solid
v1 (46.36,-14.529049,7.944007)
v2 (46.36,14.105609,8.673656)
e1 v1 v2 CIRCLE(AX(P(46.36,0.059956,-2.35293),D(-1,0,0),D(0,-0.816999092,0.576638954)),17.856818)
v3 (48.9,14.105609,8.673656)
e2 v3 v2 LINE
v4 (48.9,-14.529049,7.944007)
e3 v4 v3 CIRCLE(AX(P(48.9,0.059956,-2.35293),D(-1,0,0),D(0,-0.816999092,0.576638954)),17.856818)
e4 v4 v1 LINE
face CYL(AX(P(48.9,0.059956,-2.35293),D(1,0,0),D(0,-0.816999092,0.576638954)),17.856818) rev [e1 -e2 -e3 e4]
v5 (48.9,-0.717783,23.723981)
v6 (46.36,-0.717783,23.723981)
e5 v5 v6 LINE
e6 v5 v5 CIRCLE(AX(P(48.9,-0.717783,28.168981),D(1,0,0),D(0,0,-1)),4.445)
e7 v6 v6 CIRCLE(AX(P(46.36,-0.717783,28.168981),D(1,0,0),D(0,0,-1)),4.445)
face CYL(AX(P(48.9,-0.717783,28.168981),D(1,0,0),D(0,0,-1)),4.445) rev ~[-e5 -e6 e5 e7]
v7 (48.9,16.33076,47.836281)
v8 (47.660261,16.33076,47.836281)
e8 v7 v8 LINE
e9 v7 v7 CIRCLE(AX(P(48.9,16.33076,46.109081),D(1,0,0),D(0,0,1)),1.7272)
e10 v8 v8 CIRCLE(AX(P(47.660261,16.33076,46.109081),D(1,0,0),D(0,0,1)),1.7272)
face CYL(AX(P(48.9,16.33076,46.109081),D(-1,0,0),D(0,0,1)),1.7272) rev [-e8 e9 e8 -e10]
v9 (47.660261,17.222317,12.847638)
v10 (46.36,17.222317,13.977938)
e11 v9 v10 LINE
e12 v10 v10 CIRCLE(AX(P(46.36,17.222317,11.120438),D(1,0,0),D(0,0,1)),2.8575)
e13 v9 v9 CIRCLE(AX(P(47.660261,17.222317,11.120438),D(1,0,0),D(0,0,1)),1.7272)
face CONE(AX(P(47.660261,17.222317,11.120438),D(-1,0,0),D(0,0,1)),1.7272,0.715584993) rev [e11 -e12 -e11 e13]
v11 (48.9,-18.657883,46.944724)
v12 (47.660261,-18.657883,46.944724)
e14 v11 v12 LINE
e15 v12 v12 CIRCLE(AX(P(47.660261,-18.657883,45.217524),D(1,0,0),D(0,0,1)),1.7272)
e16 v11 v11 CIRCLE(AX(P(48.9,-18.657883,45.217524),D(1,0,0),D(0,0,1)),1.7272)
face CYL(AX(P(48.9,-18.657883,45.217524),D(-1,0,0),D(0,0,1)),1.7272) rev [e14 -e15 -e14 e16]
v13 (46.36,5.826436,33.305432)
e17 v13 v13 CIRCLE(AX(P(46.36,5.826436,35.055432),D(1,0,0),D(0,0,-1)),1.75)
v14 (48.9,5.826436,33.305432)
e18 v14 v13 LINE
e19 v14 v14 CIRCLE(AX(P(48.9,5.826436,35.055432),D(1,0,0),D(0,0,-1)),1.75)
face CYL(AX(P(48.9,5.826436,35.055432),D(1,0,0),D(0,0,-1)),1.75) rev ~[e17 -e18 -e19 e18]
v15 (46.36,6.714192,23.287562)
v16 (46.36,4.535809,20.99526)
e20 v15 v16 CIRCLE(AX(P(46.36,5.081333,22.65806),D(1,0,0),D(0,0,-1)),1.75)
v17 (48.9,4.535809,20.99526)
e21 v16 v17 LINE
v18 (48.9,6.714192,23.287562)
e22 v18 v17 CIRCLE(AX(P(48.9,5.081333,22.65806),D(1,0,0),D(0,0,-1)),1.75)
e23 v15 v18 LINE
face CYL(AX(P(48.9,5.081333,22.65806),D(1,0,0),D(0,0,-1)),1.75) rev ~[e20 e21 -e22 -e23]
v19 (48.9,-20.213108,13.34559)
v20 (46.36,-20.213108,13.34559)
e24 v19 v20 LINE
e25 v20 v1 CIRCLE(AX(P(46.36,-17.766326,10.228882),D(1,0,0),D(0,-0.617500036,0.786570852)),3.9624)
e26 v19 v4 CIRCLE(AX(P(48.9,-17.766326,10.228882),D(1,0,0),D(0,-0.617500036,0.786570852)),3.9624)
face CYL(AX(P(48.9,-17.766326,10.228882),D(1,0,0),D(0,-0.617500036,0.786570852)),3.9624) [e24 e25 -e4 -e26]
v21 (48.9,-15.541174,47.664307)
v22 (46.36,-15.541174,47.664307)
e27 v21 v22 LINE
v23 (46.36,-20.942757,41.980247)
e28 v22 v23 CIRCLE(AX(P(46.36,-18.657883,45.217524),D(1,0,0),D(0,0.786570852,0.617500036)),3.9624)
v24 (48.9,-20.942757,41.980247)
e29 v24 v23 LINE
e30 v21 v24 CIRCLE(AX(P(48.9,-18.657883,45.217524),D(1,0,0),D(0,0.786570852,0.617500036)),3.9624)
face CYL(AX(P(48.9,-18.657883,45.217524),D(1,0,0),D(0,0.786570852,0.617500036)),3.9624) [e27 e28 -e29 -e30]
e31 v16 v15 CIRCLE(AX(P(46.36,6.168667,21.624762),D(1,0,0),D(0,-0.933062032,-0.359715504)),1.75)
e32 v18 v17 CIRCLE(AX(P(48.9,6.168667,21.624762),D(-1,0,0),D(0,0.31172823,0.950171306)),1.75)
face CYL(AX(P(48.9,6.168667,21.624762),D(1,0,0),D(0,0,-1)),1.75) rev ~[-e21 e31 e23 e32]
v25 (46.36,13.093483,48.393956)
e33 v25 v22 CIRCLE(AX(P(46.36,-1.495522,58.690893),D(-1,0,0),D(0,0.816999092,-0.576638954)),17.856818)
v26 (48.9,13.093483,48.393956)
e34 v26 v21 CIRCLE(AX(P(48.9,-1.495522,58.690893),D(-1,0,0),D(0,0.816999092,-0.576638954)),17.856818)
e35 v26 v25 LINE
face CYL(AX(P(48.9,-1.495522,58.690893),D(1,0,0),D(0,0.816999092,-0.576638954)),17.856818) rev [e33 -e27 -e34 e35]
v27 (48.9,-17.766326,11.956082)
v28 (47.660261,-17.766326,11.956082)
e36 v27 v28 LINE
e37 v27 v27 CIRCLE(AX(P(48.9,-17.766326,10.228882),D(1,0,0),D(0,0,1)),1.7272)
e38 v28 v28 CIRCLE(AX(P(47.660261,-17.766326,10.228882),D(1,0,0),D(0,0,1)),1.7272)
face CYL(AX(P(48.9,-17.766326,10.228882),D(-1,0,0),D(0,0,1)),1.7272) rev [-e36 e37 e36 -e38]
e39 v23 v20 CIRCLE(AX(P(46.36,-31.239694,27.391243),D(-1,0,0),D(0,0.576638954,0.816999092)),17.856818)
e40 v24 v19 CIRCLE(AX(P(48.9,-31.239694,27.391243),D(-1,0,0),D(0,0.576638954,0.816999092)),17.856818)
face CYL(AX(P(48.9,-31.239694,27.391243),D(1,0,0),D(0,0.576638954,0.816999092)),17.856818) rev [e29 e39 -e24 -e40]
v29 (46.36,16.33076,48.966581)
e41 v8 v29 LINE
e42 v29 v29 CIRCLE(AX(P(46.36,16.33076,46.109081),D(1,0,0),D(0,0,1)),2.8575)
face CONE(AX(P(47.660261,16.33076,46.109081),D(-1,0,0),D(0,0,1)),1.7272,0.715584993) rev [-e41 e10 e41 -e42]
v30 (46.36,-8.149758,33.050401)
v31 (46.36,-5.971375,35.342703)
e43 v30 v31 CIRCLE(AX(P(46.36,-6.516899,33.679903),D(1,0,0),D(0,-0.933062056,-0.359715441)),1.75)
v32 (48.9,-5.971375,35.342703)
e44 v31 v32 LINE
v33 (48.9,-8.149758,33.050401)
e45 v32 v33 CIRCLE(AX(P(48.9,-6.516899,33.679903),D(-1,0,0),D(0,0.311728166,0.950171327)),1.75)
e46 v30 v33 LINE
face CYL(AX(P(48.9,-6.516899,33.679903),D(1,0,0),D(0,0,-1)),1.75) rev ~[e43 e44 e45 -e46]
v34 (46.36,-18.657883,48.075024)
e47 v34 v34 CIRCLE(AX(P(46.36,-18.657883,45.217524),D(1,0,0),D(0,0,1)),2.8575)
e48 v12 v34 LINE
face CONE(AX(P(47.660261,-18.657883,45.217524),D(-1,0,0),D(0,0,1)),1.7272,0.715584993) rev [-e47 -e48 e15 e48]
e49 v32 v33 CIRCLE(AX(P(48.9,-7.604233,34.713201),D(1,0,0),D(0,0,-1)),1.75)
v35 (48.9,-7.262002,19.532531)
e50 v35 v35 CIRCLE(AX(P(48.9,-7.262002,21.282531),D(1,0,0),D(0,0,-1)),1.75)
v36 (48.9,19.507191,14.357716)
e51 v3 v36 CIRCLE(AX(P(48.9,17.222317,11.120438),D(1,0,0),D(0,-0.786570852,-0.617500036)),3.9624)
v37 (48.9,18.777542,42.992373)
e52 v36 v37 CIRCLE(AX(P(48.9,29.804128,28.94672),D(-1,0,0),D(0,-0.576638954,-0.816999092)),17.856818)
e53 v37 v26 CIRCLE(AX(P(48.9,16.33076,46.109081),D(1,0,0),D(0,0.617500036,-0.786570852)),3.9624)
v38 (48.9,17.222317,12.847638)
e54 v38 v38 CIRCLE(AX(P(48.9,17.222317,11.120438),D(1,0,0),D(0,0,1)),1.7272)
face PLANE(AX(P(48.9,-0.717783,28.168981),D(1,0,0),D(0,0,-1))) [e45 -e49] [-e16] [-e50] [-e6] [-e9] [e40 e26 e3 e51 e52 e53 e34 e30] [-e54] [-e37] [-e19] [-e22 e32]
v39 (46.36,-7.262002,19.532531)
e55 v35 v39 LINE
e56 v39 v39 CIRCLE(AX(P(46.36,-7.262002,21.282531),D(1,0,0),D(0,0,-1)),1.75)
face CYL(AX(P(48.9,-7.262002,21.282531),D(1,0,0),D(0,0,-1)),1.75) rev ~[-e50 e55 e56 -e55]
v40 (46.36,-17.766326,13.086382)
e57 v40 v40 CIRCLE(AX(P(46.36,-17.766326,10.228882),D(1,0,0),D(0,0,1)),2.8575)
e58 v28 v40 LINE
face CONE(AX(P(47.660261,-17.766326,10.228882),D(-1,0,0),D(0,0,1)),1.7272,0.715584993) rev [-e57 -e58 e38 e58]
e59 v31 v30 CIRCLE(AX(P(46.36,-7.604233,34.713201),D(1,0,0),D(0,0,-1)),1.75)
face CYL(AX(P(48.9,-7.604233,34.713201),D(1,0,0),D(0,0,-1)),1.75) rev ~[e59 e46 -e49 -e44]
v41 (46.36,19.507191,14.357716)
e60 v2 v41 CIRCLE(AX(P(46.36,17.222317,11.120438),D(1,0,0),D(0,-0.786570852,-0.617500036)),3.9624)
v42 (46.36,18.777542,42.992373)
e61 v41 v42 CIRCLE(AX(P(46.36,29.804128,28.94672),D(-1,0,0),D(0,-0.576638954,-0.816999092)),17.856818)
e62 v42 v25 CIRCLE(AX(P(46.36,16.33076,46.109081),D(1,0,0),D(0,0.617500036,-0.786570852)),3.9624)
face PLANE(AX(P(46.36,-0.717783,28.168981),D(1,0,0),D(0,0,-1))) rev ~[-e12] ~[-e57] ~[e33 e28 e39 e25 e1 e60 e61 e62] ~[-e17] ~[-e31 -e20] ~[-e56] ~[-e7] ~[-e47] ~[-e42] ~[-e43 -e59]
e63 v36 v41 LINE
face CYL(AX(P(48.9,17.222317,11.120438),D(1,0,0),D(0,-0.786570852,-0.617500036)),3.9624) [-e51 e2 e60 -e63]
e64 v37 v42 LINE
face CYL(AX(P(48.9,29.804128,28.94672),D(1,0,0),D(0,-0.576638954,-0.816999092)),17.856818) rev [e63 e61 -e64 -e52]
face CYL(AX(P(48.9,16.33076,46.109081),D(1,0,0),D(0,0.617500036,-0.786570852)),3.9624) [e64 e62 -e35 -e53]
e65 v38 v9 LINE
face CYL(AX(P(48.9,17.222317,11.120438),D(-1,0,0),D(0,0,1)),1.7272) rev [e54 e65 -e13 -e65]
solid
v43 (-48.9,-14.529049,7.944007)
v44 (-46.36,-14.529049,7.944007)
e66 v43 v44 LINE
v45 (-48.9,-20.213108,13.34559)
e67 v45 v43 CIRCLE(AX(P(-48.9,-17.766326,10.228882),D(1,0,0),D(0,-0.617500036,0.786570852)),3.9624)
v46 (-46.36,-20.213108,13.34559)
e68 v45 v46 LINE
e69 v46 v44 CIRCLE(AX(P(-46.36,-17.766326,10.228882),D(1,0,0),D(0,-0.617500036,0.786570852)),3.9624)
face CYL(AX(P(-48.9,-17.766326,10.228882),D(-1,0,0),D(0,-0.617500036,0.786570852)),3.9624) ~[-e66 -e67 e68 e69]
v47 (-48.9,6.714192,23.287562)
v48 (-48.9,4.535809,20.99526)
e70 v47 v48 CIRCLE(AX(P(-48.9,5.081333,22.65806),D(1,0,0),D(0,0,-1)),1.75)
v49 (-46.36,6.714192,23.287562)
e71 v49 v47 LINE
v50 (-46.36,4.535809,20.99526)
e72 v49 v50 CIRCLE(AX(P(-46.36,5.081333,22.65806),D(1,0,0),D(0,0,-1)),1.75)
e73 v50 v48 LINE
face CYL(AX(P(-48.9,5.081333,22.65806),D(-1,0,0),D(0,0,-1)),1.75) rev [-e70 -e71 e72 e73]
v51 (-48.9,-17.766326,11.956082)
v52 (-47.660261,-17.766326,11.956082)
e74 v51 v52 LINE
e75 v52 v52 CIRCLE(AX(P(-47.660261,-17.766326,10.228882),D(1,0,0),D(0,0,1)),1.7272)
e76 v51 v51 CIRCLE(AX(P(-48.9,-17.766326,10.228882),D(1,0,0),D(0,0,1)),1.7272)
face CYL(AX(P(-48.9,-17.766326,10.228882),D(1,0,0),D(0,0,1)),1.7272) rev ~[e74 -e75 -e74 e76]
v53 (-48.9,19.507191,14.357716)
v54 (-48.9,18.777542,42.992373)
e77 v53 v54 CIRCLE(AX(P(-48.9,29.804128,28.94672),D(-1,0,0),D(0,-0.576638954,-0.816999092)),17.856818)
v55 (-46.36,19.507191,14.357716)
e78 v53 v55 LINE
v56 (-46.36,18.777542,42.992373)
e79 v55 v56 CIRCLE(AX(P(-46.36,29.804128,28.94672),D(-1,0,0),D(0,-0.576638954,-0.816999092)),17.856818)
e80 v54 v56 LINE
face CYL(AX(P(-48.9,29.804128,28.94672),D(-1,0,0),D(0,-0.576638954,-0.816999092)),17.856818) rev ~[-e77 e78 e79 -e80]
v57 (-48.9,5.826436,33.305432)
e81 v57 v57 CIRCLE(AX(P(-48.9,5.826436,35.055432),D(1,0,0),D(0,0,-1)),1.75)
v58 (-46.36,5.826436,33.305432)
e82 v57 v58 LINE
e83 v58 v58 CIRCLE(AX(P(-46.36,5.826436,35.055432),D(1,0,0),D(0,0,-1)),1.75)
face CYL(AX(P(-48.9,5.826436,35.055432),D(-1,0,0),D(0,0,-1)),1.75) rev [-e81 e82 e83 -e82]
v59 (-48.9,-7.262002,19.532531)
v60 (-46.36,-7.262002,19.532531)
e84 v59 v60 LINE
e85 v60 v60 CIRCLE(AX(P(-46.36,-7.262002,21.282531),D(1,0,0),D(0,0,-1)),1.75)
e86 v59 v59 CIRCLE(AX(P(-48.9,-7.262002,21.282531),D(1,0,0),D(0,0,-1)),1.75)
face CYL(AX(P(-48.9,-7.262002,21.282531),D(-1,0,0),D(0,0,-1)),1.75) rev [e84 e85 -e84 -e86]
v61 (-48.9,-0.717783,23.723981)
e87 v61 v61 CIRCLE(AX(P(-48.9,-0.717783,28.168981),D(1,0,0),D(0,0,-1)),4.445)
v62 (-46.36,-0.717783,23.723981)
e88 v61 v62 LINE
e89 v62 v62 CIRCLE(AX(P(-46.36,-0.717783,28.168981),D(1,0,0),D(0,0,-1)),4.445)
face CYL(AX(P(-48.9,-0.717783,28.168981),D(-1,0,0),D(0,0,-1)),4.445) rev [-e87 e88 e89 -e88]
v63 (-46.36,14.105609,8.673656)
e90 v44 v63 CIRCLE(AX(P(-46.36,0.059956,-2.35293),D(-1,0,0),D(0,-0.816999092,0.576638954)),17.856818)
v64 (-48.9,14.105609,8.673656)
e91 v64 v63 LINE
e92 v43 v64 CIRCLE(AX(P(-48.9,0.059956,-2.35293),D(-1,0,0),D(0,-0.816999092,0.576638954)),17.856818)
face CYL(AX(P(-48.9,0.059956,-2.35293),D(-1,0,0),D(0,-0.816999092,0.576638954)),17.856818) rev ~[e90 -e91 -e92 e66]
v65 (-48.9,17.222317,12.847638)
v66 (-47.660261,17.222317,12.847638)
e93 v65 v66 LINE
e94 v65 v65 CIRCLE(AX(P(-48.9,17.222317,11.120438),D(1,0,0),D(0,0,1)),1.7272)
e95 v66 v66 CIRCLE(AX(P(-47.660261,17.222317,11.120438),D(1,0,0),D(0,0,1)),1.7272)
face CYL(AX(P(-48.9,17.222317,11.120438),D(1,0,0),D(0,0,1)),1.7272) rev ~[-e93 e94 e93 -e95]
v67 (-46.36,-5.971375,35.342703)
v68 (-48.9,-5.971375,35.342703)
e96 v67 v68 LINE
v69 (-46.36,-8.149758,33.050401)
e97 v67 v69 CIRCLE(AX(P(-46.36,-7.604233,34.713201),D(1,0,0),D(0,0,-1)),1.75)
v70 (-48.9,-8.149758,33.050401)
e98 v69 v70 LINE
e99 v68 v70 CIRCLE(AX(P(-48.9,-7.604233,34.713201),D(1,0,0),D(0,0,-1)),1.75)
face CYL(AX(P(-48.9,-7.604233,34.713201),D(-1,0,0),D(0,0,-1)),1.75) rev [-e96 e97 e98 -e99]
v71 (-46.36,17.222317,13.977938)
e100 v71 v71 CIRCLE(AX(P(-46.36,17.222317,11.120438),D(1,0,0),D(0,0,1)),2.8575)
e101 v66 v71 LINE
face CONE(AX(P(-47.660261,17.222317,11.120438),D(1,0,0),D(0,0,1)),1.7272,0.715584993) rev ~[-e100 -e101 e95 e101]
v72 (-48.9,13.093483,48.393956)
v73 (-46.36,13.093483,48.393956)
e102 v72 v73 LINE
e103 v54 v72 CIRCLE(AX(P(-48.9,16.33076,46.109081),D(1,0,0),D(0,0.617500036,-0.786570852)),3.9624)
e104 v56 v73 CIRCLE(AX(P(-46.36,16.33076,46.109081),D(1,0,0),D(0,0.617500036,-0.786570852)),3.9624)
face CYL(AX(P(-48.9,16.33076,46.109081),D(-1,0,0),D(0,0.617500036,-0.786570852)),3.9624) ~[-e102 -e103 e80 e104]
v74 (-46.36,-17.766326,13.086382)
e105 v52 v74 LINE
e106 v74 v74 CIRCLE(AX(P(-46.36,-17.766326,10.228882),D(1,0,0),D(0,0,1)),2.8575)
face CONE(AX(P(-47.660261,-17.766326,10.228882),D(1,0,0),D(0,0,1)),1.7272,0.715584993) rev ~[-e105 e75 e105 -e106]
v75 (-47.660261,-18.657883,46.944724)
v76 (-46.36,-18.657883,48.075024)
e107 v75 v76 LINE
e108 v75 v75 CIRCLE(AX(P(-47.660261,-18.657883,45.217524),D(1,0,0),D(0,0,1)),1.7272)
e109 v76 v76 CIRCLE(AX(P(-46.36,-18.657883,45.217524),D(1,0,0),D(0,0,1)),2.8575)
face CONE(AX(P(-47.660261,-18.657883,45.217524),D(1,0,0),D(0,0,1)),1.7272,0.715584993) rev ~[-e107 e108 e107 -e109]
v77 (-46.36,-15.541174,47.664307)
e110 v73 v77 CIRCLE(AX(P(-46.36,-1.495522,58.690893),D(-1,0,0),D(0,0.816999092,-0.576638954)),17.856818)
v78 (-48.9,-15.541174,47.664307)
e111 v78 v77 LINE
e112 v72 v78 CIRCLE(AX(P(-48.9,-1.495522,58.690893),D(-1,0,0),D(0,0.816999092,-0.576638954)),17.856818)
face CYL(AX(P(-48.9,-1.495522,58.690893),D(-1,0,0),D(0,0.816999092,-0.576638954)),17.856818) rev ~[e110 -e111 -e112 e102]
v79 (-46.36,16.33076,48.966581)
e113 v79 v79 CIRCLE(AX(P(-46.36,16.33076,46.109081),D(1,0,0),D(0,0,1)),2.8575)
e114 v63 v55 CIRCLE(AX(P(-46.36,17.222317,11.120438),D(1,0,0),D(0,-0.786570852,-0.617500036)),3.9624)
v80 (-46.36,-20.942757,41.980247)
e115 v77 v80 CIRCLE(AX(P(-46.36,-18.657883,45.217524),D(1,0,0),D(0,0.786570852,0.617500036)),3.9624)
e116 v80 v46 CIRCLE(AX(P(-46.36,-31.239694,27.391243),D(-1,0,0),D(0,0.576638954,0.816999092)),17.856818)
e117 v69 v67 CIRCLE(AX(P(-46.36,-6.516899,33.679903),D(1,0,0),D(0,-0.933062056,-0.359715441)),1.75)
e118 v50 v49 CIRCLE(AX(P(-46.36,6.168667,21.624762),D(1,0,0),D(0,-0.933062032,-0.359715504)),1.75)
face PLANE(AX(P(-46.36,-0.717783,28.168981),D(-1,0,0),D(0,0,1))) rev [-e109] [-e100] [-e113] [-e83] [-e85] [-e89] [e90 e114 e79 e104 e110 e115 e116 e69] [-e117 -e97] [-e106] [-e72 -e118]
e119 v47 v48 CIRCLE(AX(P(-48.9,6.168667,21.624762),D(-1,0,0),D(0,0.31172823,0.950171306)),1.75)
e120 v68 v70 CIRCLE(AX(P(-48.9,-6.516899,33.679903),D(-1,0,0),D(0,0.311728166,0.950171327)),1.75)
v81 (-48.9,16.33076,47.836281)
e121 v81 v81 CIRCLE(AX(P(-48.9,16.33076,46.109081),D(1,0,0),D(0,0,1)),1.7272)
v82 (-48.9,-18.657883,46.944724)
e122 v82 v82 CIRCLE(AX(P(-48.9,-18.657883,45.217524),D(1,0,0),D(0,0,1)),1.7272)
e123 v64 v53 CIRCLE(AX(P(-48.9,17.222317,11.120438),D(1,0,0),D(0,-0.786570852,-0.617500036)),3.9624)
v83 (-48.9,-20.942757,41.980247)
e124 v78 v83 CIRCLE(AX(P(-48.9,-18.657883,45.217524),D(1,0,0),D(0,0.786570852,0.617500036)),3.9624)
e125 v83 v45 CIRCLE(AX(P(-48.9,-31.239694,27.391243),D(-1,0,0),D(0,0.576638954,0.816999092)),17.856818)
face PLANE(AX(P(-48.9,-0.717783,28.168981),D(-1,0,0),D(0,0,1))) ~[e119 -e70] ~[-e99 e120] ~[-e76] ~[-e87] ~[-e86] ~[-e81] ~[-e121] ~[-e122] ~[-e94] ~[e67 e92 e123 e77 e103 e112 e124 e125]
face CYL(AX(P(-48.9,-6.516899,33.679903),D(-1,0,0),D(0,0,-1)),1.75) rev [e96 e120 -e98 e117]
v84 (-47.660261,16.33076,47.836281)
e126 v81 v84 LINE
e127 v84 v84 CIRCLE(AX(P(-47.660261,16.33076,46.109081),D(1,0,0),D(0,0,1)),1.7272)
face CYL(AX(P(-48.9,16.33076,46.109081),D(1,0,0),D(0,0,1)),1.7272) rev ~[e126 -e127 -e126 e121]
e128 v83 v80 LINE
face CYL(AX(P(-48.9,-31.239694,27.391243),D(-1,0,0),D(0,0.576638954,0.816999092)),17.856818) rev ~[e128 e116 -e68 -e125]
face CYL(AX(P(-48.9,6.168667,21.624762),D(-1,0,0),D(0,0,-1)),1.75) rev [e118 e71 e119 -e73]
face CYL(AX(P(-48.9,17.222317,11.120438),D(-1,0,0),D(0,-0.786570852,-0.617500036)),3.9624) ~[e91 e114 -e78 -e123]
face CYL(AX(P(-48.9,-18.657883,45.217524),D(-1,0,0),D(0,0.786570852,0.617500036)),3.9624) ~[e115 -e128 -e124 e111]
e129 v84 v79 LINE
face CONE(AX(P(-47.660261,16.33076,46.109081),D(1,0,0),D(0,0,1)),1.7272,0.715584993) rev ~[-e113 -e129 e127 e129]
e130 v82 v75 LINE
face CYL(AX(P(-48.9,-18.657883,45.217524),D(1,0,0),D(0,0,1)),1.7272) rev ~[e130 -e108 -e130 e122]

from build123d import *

# Parameters (mm, degrees)
SKETCH1_R                                     = 1.750000056
SKETCH1_R_2                                   = 4.445
BOSS_EXTRUDE1_DEPTH                           = 2.54
CSK_FOR_4_FLAT_HEAD_MACHINE_SCREW1_AT_2_COUNT = 2
CSK_FOR_4_FLAT_HEAD_MACHINE_SCREW1_AT_2_PITCH = 35.000000104
CSK_FOR_4_FLAT_HEAD_MACHINE_SCREW1_AT_3_COUNT = 2
CSK_FOR_4_FLAT_HEAD_MACHINE_SCREW1_AT_3_PITCH = 49.49747483
CSK_FOR_4_FLAT_HEAD_MACHINE_SCREW1_AT_4_COUNT = 2
CSK_FOR_4_FLAT_HEAD_MACHINE_SCREW1_AT_4_PITCH = 35.000000104
SKETCH4_R                                     = 1.75
CUT_EXTRUDE1_DEPTH                            = 2.54


with BuildPart() as part:
    # Sketch1 → Boss-Extrude1 (new body)
    with BuildSketch(Plane(origin=(48.9, 0, 0), x_dir=(0, 0, -1), z_dir=(1, 0, 0))):
        with BuildLine():
            ThreePointArc((-8.673656282, 14.105608673), (-8.390879103, 20.094619173), (-14.357715626, 19.507191211))
            ThreePointArc((-14.357715626, 19.507191211), (-28.491852405, 11.953104254), (-42.992373003, 18.777542299))
            ThreePointArc((-42.992373003, 18.777542299), (-48.981383503, 19.060319479), (-48.393955541, 13.093482955))
            ThreePointArc((-48.393955541, 13.093482955), (-40.839868584, -1.040653823), (-47.664306629, -15.541174421))
            ThreePointArc((-47.664306629, -15.541174421), (-47.947083809, -21.530184922), (-41.980247285, -20.94275696))
            ThreePointArc((-41.980247285, -20.94275696), (-27.846110507, -13.388670002), (-13.345589909, -20.213108048))
            ThreePointArc((-13.345589909, -20.213108048), (-7.356579408, -20.495885227), (-7.94400737, -14.529048704))
            ThreePointArc((-7.94400737, -14.529048704), (-15.498094328, -0.394911925), (-8.673656282, 14.105608673))
        make_face()
        with Locations((-33.679902761, -6.516898876)):
            Circle(SKETCH1_R, mode=Mode.SUBTRACT)
        with Locations((-35.055431743, 5.826436208)):
            Circle(SKETCH1_R, mode=Mode.SUBTRACT)
        with Locations((-21.282531169, -7.262001956)):
            Circle(SKETCH1_R, mode=Mode.SUBTRACT)
        with Locations((-22.658060151, 5.081333128)):
            Circle(SKETCH1_R, mode=Mode.SUBTRACT)
        with Locations((-28.168981456, -0.717782874)):
            Circle(SKETCH1_R_2, mode=Mode.SUBTRACT)
    extrude(amount=-BOSS_EXTRUDE1_DEPTH)

    # Sketch3 → CSK for #4 Flat Head Machine Screw1 (revolve, cut)
    with BuildSketch(Plane(origin=(46.36, 17.222317018, 11.120438424), x_dir=(0, 0, 1), z_dir=(0, 1, 0))):
        Polygon((0, 0), (0, 2.54), (1.7272, 2.54), (1.7272, 1.300261411), (2.8575, 0), align=None)
    csk_for_4_flat_head_machine_screw1 = revolve(axis=Axis((40.01, 17.222317018, 11.120438424), (1, 0, 0)), mode=Mode.SUBTRACT)

    # CSK for #4 Flat Head Machine Screw1 at 2: CSK for #4 Flat Head Machine Screw1 ×2
    with Locations(*[Vector(0, -0.02547305309288088, 0.9996755091359032) * (i * CSK_FOR_4_FLAT_HEAD_MACHINE_SCREW1_AT_2_PITCH) for i in range(1, CSK_FOR_4_FLAT_HEAD_MACHINE_SCREW1_AT_2_COUNT)]):
        add(csk_for_4_flat_head_machine_screw1, mode=Mode.SUBTRACT)

    # CSK for #4 Flat Head Machine Screw1 at 3: CSK for #4 Flat Head Machine Screw1 ×2
    with Locations(*[Vector(0, -0.7248895000756126, 0.6888651629166107) * (i * CSK_FOR_4_FLAT_HEAD_MACHINE_SCREW1_AT_3_PITCH) for i in range(1, CSK_FOR_4_FLAT_HEAD_MACHINE_SCREW1_AT_3_COUNT)]):
        add(csk_for_4_flat_head_machine_screw1, mode=Mode.SUBTRACT)

    # CSK for #4 Flat Head Machine Screw1 at 4: CSK for #4 Flat Head Machine Screw1 ×2
    with Locations(*[Vector(0, -0.9996755091359032, -0.025473053092881035) * (i * CSK_FOR_4_FLAT_HEAD_MACHINE_SCREW1_AT_4_PITCH) for i in range(1, CSK_FOR_4_FLAT_HEAD_MACHINE_SCREW1_AT_4_COUNT)]):
        add(csk_for_4_flat_head_machine_screw1, mode=Mode.SUBTRACT)

    # Sketch4 → Cut-Extrude1 (cut)
    with BuildSketch(Plane(origin=(48.9, 0, 0), x_dir=(0, 0, -1), z_dir=(1, 0, 0))):
        with Locations((-34.713200504, -7.604233125)):
            Circle(SKETCH4_R)
        with Locations((-21.624762408, 6.168667377)):
            Circle(SKETCH4_R)
    extrude(amount=-CUT_EXTRUDE1_DEPTH, mode=Mode.SUBTRACT)


with BuildPart() as body_2:
    # Mirror1: mirrored copy
    add(part.part.mirror(Plane(origin=(0, 0, 0), x_dir=(0, 0, 1), z_dir=(1, 0, 0))))


solid = Compound([part.part, body_2.part])
